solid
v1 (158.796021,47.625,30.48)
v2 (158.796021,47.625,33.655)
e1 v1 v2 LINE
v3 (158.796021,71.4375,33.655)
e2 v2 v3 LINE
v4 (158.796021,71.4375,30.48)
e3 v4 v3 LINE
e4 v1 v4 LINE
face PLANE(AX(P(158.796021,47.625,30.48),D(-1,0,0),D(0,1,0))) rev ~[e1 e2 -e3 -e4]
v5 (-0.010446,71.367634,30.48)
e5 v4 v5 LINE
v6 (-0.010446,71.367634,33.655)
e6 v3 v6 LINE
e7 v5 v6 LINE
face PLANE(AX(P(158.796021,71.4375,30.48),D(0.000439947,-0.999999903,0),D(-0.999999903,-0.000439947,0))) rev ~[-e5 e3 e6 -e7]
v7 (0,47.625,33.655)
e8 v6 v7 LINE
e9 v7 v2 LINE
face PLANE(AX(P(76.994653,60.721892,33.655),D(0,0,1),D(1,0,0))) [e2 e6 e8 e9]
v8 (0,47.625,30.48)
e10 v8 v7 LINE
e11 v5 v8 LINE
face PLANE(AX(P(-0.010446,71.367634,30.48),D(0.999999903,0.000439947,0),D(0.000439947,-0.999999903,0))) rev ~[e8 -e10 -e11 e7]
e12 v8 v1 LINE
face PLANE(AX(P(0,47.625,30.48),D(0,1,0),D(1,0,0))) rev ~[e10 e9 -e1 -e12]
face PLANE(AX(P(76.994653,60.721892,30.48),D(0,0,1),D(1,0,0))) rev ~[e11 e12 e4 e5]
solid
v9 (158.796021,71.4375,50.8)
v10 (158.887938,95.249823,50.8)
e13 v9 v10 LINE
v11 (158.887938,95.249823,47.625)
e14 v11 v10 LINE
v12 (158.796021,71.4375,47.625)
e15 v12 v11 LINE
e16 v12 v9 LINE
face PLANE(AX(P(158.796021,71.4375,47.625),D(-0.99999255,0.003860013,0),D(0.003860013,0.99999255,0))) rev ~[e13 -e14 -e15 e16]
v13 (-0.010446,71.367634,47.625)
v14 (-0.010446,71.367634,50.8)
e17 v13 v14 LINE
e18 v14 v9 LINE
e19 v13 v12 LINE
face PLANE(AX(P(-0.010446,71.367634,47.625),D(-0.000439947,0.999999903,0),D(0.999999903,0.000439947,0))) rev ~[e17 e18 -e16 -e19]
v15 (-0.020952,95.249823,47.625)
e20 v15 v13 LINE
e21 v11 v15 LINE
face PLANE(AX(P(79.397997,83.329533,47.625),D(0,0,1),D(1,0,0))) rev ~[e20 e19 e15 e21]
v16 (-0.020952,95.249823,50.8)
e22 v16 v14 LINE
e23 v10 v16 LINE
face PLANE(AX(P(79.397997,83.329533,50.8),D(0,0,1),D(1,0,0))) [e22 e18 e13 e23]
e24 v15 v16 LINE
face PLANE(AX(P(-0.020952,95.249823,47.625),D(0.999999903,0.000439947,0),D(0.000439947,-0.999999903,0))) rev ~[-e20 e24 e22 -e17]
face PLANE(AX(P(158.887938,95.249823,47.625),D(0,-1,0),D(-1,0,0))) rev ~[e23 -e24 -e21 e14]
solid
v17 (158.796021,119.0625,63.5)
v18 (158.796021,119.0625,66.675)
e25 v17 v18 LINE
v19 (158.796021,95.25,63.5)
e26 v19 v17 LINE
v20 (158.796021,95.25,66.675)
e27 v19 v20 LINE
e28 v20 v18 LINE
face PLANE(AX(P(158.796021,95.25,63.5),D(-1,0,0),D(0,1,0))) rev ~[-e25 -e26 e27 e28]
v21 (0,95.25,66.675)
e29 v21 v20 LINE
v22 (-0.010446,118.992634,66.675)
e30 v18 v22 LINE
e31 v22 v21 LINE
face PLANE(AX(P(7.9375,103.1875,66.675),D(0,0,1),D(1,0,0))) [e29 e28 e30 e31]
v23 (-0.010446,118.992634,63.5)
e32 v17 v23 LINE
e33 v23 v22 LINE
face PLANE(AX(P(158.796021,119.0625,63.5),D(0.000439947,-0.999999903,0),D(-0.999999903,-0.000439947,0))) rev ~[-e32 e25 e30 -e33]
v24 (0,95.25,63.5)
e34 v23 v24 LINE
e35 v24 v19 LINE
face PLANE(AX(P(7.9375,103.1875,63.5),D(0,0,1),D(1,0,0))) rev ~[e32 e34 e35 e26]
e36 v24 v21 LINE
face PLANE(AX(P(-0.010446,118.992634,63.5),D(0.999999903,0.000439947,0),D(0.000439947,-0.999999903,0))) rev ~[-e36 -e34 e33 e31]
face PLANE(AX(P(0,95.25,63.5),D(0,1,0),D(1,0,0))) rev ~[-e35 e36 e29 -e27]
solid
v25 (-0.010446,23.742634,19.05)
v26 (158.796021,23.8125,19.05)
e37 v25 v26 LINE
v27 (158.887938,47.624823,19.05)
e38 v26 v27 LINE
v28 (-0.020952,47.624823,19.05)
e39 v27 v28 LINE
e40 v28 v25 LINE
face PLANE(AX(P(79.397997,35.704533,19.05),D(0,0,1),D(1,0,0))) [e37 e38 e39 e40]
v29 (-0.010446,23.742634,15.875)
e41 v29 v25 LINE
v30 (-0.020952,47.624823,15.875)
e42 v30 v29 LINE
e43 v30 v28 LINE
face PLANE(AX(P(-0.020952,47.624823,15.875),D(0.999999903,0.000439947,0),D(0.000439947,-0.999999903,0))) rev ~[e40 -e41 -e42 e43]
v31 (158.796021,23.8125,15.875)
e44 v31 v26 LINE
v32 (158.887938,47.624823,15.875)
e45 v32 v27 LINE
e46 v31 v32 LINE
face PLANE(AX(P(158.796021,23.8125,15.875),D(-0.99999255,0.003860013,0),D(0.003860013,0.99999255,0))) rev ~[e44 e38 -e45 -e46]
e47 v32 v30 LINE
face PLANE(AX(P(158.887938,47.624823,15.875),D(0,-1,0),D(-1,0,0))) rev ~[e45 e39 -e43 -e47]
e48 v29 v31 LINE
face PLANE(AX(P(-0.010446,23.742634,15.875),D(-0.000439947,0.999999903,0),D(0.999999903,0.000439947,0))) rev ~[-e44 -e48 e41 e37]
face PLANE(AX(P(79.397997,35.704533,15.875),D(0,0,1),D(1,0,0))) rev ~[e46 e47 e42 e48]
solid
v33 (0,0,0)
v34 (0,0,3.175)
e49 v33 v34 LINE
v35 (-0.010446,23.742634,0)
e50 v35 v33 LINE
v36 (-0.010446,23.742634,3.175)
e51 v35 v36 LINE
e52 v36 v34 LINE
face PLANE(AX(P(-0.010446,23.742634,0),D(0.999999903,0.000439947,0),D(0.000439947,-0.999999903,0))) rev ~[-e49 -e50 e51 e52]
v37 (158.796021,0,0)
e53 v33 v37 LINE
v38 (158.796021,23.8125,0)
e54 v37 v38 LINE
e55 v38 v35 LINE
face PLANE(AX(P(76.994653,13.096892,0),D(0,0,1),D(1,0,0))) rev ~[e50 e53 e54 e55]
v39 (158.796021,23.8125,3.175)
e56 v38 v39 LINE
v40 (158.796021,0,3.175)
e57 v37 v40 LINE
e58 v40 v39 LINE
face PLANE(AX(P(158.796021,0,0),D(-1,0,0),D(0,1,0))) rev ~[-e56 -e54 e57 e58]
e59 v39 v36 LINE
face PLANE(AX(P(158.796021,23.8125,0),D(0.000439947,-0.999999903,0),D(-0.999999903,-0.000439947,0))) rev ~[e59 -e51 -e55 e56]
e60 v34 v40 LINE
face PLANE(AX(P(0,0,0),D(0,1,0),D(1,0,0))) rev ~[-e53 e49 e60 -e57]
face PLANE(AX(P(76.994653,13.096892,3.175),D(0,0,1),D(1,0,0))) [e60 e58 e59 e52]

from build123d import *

# Parameters (mm, degrees)
F0_W     = 15.875
F0_H     = 15.875
F1_DEPTH = 3.175
F2_START = 15.875
F0_W_2   = 15.9210213366
F2_DEPTH = 3.175
F3_START = 30.48
F3_DEPTH = 3.175
F4_START = 47.625
F4_DEPTH = 3.175
F5_START = 63.5
F5_DEPTH = 3.175


with BuildPart() as f1:
    # F0 (on Top) → F1 (new body)
    with BuildSketch(Plane.XY):
        Polygon((-0.0104455087, 23.7426335154), (0, 0), (0, 15.875), (15.875, 15.875), (15.875, 0), (31.75, 0), (31.75, 15.875), (47.625, 15.875), (47.625, 0), (63.5, 0), (63.5, 15.875), (79.375, 15.875), (79.375, 0), (95.25, 0), (95.25, 15.875), (111.125, 15.875), (111.125, 0), (127, 0), (127, 15.875), (142.875, 15.875), (142.875, 0), (158.7960213366, 0), (158.7960213366, 23.8125), align=None)
        with Locations((7.9375, 7.9375)):
            Rectangle(F0_W, F0_H)
        with Locations((39.6875, 7.9375)):
            Rectangle(F0_W, F0_H)
        with Locations((71.4375, 7.9375)):
            Rectangle(F0_W, F0_H)
        with Locations((103.1875, 7.9375)):
            Rectangle(F0_W, F0_H)
        with Locations((134.9375, 7.9375)):
            Rectangle(F0_W, F0_H)
    extrude(amount=F1_DEPTH)


with BuildPart() as f2:
    # F0 (on Top) → F2 (new body)
    with BuildSketch(Plane.XY.offset(F2_START)):
        Polygon((-0.0209524146, 47.6248225997), (-0.0104455087, 23.7426335154), (158.7960213366, 23.8125), (158.8879379052, 47.6248225997), align=None)
        with Locations((23.8355106683, 31.75)):
            Rectangle(F0_W_2, F0_H, mode=Mode.SUBTRACT)
        with Locations((55.5855106683, 31.75)):
            Rectangle(F0_W_2, F0_H, mode=Mode.SUBTRACT)
        with Locations((87.3355106683, 31.75)):
            Rectangle(F0_W_2, F0_H, mode=Mode.SUBTRACT)
        with Locations((119.0855106683, 31.75)):
            Rectangle(F0_W_2, F0_H, mode=Mode.SUBTRACT)
        with Locations((150.8355106683, 31.75)):
            Rectangle(F0_W_2, F0_H, mode=Mode.SUBTRACT)
        with Locations((23.8355106683, 31.75)):
            Rectangle(F0_W_2, F0_H)
        with Locations((55.5855106683, 31.75)):
            Rectangle(F0_W_2, F0_H)
        with Locations((87.3355106683, 31.75)):
            Rectangle(F0_W_2, F0_H)
        with Locations((119.0855106683, 31.75)):
            Rectangle(F0_W_2, F0_H)
        with Locations((150.8355106683, 31.75)):
            Rectangle(F0_W_2, F0_H)
    extrude(amount=F2_DEPTH)


with BuildPart() as f3:
    # F0 (on Top) → F3 (new body)
    with BuildSketch(Plane.XY.offset(F3_START)):
        Polygon((158.7960213366, 47.625), (158.7960213366, 71.4375), (-0.0104455087, 71.3676335154), (0, 47.625), (0, 63.5), (15.875, 63.5), (15.875, 47.625), (31.75, 47.625), (31.75, 63.5), (47.625, 63.5), (47.625, 47.625), (63.5, 47.625), (63.5, 63.5), (79.375, 63.5), (79.375, 47.625), (95.25, 47.625), (95.25, 63.5), (111.125, 63.5), (111.125, 47.625), (127, 47.625), (127, 63.5), (142.875, 63.5), (142.875, 47.625), align=None)
        with Locations((7.9375, 55.5625)):
            Rectangle(F0_W, F0_H)
        with Locations((39.6875, 55.5625)):
            Rectangle(F0_W, F0_H)
        with Locations((71.4375, 55.5625)):
            Rectangle(F0_W, F0_H)
        with Locations((103.1875, 55.5625)):
            Rectangle(F0_W, F0_H)
        with Locations((134.9375, 55.5625)):
            Rectangle(F0_W, F0_H)
    extrude(amount=F3_DEPTH)


with BuildPart() as f4:
    # F0 (on Top) → F4 (new body)
    with BuildSketch(Plane.XY.offset(F4_START)):
        Polygon((-0.0104455087, 71.3676335154), (158.7960213366, 71.4375), (158.8879379052, 95.2498225997), (-0.0209524146, 95.2498225997), align=None)
        with Locations((23.8355106683, 79.375)):
            Rectangle(F0_W_2, F0_H, mode=Mode.SUBTRACT)
        with Locations((55.5855106683, 79.375)):
            Rectangle(F0_W_2, F0_H, mode=Mode.SUBTRACT)
        with Locations((87.3355106683, 79.375)):
            Rectangle(F0_W_2, F0_H, mode=Mode.SUBTRACT)
        with Locations((119.0855106683, 79.375)):
            Rectangle(F0_W_2, F0_H, mode=Mode.SUBTRACT)
        with Locations((150.8355106683, 79.375)):
            Rectangle(F0_W_2, F0_H, mode=Mode.SUBTRACT)
        with Locations((23.8355106683, 79.375)):
            Rectangle(F0_W_2, F0_H)
        with Locations((55.5855106683, 79.375)):
            Rectangle(F0_W_2, F0_H)
        with Locations((87.3355106683, 79.375)):
            Rectangle(F0_W_2, F0_H)
        with Locations((119.0855106683, 79.375)):
            Rectangle(F0_W_2, F0_H)
        with Locations((150.8355106683, 79.375)):
            Rectangle(F0_W_2, F0_H)
    extrude(amount=F4_DEPTH)


with BuildPart() as f5:
    # F0 (on Top) → F5 (new body)
    with BuildSketch(Plane.XY.offset(F5_START)):
        with Locations((7.9375, 103.1875)):
            Rectangle(F0_W, F0_H)
        Polygon((142.875, 111.125), (142.875, 95.25), (158.7960213366, 95.25), (158.7960213366, 119.0625), (-0.0104455087, 118.9926335154), (0, 95.25), (0, 111.125), (15.875, 111.125), (15.875, 95.25), (31.75, 95.25), (31.75, 111.125), (47.625, 111.125), (47.625, 95.25), (63.5, 95.25), (63.5, 111.125), (79.375, 111.125), (79.375, 95.25), (95.25, 95.25), (95.25, 111.125), (111.125, 111.125), (111.125, 95.25), (127, 95.25), (127, 111.125), align=None)
        with Locations((39.6875, 103.1875)):
            Rectangle(F0_W, F0_H)
        with Locations((71.4375, 103.1875)):
            Rectangle(F0_W, F0_H)
        with Locations((103.1875, 103.1875)):
            Rectangle(F0_W, F0_H)
        with Locations((134.9375, 103.1875)):
            Rectangle(F0_W, F0_H)
    extrude(amount=F5_DEPTH)


solid = Compound([f1.part, f2.part, f3.part, f4.part, f5.part])
